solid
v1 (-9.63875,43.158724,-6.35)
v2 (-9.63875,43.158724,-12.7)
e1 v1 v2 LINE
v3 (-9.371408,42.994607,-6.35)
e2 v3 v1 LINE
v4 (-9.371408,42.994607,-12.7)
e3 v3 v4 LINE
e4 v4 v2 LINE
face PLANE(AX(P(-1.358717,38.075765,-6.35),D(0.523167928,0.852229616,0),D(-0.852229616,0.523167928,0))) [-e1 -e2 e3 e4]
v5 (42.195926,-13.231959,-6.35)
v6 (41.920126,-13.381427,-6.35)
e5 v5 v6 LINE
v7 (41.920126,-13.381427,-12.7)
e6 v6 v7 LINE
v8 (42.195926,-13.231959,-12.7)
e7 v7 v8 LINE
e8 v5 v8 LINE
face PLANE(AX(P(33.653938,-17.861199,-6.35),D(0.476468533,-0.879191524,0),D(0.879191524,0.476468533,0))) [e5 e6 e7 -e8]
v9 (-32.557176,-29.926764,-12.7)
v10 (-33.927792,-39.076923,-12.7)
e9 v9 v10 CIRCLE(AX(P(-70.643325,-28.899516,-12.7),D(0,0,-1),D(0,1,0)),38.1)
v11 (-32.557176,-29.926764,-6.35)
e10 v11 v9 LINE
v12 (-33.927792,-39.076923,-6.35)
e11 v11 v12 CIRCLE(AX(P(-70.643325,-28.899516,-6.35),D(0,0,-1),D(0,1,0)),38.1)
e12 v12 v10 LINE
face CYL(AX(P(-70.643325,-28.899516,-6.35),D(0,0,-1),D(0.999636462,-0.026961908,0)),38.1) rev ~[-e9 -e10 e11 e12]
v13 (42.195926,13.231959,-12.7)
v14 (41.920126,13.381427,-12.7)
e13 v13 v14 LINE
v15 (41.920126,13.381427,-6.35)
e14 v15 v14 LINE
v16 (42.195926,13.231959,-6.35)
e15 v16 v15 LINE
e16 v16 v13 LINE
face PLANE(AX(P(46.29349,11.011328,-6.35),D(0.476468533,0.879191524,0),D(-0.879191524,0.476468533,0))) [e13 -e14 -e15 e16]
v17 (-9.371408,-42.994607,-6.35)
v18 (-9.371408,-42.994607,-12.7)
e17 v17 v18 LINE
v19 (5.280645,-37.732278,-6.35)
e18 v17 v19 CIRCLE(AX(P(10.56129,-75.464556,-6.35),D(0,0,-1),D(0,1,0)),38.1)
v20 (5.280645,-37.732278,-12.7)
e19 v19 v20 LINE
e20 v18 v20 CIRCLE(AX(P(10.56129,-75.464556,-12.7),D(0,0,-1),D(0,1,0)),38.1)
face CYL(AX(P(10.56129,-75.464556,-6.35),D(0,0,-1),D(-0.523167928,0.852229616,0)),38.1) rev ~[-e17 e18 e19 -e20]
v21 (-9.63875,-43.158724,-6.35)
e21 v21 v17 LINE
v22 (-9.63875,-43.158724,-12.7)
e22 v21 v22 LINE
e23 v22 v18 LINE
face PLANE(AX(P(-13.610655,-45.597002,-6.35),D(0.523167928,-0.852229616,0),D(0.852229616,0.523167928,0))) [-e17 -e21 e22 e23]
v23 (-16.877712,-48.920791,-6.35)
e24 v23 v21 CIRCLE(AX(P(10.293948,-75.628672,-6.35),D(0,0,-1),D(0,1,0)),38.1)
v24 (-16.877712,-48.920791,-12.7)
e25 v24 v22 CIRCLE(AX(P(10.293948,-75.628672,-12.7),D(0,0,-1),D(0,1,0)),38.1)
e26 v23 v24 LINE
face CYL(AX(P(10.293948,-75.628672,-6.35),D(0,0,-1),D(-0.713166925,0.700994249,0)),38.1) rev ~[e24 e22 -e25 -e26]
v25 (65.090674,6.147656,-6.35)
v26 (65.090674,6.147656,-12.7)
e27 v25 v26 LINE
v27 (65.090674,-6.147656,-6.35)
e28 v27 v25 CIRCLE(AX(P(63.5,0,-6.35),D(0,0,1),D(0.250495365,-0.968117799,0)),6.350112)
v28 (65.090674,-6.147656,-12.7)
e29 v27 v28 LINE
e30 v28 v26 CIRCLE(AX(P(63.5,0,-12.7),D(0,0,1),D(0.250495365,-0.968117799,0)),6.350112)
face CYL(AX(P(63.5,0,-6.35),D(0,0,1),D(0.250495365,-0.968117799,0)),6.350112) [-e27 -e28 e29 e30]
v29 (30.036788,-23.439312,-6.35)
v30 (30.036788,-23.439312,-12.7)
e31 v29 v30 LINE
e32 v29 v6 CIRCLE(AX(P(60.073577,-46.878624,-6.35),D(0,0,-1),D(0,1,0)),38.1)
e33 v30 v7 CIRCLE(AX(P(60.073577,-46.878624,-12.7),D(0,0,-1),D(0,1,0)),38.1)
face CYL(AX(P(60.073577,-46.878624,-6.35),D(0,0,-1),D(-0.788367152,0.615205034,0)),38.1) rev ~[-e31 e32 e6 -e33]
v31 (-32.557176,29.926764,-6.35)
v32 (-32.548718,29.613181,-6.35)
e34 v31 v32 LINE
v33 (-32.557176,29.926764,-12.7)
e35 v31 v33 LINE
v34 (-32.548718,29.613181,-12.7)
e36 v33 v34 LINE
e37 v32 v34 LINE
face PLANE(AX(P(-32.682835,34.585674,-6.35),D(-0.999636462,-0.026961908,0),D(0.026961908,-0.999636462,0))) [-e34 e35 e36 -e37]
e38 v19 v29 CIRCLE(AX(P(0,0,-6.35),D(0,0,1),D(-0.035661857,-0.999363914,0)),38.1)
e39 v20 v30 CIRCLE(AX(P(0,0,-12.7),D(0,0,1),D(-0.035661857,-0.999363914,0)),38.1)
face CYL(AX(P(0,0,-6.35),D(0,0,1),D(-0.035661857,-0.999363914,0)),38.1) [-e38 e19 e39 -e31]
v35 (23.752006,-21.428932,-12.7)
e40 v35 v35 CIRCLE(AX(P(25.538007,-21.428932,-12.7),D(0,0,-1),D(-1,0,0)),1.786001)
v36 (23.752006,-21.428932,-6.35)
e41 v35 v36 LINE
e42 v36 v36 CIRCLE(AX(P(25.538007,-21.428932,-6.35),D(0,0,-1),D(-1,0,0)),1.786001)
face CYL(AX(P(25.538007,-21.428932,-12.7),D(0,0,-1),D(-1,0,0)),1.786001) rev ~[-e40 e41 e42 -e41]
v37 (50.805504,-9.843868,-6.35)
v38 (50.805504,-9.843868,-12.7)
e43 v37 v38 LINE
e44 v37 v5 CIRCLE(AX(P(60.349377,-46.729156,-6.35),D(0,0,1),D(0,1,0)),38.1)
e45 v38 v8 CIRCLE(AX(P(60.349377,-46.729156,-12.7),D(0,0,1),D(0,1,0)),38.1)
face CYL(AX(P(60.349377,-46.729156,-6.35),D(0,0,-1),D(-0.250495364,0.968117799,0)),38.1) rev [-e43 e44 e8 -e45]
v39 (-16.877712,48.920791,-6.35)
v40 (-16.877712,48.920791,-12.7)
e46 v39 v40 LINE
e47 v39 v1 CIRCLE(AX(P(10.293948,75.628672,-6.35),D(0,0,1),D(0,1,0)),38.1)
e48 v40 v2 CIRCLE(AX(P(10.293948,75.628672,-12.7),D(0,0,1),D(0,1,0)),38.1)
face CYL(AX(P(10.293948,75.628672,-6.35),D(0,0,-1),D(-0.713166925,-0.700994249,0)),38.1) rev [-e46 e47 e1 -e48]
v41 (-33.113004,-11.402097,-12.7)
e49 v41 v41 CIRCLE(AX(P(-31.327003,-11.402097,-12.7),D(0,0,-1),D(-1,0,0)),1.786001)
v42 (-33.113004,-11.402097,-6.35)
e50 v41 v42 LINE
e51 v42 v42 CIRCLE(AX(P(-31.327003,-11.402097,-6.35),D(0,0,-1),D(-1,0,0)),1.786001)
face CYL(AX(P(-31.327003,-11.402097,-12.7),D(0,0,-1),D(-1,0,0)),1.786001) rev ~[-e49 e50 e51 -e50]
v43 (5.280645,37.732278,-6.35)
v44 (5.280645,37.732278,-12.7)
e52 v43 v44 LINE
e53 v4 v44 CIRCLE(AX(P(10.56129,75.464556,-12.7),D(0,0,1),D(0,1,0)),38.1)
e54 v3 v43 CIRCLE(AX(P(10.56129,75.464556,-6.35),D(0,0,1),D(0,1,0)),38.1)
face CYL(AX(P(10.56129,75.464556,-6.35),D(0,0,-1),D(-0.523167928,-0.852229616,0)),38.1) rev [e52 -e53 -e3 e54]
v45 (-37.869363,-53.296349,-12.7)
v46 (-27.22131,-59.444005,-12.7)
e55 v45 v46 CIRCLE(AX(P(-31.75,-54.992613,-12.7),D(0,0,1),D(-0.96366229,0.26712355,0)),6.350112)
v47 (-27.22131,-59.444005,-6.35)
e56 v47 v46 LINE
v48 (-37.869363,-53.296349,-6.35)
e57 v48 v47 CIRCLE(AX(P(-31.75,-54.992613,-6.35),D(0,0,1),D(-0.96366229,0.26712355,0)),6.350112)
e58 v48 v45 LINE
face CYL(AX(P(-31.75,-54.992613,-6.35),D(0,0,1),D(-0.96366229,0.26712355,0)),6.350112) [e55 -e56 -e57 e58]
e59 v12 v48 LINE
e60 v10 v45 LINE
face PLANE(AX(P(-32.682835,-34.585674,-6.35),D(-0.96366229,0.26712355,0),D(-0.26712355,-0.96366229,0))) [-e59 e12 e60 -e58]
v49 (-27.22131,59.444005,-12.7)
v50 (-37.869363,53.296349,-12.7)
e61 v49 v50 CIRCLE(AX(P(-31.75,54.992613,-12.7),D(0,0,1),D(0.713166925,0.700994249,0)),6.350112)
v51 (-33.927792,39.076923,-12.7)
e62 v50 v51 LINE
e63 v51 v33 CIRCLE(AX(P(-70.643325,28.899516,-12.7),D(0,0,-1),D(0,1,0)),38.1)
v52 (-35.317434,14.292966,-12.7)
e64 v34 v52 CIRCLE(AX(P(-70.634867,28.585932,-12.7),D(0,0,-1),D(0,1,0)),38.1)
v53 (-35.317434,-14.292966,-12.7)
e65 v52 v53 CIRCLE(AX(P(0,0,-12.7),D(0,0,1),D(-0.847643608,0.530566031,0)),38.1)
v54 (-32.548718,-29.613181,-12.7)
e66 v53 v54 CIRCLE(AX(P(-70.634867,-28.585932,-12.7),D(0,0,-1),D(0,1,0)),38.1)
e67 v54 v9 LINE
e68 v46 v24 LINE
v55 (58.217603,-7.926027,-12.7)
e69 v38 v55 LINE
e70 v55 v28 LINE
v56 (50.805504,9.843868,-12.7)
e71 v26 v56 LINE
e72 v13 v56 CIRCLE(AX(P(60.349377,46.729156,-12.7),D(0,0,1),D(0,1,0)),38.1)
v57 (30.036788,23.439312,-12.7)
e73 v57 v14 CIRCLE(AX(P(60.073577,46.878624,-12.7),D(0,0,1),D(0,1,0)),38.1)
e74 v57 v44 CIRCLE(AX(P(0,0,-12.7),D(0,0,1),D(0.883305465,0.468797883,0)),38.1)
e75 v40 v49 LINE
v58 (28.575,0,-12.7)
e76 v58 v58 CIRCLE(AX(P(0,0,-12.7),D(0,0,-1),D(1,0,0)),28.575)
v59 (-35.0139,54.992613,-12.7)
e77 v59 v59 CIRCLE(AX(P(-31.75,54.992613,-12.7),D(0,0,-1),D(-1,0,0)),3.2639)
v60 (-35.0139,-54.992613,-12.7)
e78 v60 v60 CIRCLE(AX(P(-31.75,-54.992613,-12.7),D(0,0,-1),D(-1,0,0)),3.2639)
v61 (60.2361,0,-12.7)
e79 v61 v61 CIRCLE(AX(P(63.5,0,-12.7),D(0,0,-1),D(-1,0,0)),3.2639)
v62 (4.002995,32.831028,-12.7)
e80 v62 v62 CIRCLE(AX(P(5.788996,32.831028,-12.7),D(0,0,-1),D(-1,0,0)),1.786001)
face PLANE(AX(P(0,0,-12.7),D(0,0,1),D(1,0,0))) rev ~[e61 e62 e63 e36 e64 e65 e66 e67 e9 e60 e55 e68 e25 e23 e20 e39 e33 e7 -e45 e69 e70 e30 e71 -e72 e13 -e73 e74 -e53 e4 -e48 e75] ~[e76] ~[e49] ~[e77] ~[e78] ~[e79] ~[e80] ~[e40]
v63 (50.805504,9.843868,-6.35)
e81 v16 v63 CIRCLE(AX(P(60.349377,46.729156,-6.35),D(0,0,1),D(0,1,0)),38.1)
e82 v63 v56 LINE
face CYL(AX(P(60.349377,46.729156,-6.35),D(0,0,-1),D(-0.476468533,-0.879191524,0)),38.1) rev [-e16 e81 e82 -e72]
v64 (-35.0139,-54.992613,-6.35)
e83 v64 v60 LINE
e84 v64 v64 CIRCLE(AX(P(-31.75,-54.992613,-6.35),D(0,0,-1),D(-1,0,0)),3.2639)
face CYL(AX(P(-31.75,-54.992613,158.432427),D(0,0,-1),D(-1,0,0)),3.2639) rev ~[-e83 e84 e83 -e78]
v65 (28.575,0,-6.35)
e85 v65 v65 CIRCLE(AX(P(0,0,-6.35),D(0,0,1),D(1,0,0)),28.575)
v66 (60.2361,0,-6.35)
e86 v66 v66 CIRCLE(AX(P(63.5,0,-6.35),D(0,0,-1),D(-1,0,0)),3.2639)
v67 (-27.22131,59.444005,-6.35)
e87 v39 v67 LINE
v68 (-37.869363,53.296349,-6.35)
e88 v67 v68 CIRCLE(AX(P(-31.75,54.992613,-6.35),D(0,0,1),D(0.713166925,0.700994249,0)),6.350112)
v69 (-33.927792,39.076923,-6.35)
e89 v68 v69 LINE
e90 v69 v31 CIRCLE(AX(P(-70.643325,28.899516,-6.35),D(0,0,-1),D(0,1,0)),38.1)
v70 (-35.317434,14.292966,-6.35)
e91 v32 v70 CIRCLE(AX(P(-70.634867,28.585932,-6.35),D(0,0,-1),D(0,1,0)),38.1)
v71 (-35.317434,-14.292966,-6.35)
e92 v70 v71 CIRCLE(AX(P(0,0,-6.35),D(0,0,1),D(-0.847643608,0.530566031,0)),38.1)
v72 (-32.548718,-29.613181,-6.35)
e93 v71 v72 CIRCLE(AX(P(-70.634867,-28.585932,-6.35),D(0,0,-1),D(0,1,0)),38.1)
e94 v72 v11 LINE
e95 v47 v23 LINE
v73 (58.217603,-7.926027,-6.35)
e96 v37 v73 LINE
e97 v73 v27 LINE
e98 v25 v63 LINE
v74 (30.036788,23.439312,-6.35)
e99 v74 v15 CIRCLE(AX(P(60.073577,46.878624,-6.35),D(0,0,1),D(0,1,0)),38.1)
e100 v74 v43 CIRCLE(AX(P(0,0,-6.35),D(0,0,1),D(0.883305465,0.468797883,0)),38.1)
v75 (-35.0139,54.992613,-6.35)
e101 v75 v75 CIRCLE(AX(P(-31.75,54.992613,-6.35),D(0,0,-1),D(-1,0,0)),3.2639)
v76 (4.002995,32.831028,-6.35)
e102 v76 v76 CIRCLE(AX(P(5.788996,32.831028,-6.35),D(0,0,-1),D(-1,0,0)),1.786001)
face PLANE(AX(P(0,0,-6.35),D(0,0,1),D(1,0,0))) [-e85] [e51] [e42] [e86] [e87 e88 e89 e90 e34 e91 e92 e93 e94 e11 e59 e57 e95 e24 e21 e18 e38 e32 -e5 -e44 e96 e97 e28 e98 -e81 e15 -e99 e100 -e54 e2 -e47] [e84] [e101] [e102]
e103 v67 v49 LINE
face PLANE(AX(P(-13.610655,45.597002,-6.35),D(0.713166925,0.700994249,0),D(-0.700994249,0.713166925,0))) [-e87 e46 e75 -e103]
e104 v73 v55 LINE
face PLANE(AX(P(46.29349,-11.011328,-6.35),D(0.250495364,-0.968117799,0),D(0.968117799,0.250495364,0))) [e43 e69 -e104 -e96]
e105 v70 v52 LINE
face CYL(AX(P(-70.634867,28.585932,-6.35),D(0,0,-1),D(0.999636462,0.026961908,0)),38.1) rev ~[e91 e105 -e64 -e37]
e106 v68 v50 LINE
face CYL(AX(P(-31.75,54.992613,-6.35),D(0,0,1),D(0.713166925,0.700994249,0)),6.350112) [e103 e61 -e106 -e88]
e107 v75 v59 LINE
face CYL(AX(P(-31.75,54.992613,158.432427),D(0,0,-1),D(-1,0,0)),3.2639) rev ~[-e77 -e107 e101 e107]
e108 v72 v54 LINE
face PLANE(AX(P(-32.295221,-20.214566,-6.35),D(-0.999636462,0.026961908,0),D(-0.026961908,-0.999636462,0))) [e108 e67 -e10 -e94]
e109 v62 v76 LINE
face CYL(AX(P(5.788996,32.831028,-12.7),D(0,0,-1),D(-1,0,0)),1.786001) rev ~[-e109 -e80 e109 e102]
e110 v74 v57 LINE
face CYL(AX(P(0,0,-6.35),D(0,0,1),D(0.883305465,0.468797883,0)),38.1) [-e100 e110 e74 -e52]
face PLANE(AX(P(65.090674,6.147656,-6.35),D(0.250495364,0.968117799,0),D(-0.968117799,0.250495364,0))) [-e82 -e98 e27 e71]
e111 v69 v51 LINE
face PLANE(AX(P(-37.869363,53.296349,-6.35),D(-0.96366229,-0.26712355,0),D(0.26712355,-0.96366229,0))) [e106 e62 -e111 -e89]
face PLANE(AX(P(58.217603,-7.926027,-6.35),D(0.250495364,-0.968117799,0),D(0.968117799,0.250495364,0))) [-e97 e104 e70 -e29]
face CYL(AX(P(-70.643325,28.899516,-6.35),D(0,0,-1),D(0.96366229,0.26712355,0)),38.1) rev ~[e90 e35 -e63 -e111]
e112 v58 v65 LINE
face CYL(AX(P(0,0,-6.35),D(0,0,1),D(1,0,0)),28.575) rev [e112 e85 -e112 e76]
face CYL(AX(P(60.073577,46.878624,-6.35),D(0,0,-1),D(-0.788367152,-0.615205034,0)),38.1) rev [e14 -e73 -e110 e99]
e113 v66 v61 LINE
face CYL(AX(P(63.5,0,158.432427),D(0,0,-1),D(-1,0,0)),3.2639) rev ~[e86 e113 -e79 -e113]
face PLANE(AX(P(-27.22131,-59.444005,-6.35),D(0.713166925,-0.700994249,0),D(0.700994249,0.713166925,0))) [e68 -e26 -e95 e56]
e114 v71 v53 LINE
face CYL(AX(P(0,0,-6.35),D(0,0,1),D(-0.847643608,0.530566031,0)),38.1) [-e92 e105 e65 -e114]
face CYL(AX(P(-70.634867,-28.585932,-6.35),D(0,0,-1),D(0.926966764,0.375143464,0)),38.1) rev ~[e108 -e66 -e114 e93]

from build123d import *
from build123d.topology import SkipClean

# Parameters (mm, degrees)
BOSS_EXTRUDE1_DEPTH      = 6.35
BOSS_EXTRUDE1_DEPTH_BACK = 6.35
BOSS_EXTRUDE2_START      = -12.7
BOSS_EXTRUDE2_DEPTH      = 12.7
SKETCH4_R                = 28.575
CUT_EXTRUDE1_DEPTH       = 61.157662646
SKETCH5_R                = 28.575
BOSS_EXTRUDE3_DEPTH      = 6.35
F_0_257_DIAMETER_HOLE1_D = 6.5278
CUT_EXTRUDE2_DEPTH       = 94.825678832
CUT_EXTRUDE2_DEPTH_BACK  = 94.825678832
SKETCH8_W                = 12.7
SKETCH8_H                = 88.9
FILLET3_R                = 38.1
SKETCH10_R               = 1.786001
CUT_EXTRUDE4_DEPTH       = 94.17880933


with BuildPart() as part:
    # Sketch1 → Boss-Extrude1 (new, two sides: drawn at the far end of the back side and taken through both)
    with BuildSketch(Plane.XY.offset(-BOSS_EXTRUDE1_DEPTH_BACK)):
        with BuildLine():
            Line((27.49630657, 15.875), (38.494829198, 22.225))
            ThreePointArc((38.494829198, 22.225), (19.878280804, 29.537115412), (0, 31.75))
            Line((0, 31.75), (0, 44.45))
            ThreePointArc((0, 44.45), (-15.640751899, 31.983653865), (-27.49630657, 15.875))
            Line((-27.49630657, 15.875), (-38.494829198, 22.225))
            ThreePointArc((-38.494829198, 22.225), (-35.519032703, 2.446538454), (-27.49630657, -15.875))
            Line((-27.49630657, -15.875), (-38.494829198, -22.225))
            ThreePointArc((-38.494829198, -22.225), (-19.878280804, -29.537115412), (0, -31.75))
            Line((0, -31.75), (0, -44.45))
            ThreePointArc((0, -44.45), (15.640751899, -31.983653865), (27.49630657, -15.875))
            Line((27.49630657, -15.875), (38.494829198, -22.225))
            ThreePointArc((38.494829198, -22.225), (35.519032703, -2.446538454), (27.49630657, 15.875))
        make_face()
        with BuildLine():
            ThreePointArc((-11.129967969, 17.779280801), (-16.817028225, 8.924127912), (-20.962292819, -0.749194604))
            ThreePointArc((-20.962292819, -0.749194604), (-16.137035591, -10.101909703), (-9.83232485, -18.528475405))
            ThreePointArc((-9.83232485, -18.528475405), (0.679992634, -19.026037615), (11.129967969, -17.779280801))
            ThreePointArc((11.129967969, -17.779280801), (16.817028225, -8.924127912), (20.962292819, 0.749194604))
            ThreePointArc((20.962292819, 0.749194604), (16.137035591, 10.101909703), (9.83232485, 18.528475405))
            ThreePointArc((9.83232485, 18.528475405), (-0.679992634, 19.026037615), (-11.129967969, 17.779280801))
        make_face(mode=Mode.SUBTRACT)
    extrude(amount=BOSS_EXTRUDE1_DEPTH + BOSS_EXTRUDE1_DEPTH_BACK)

    # Sketch3 → Boss-Extrude2 (add)
    with BuildSketch(Plane.XY.offset(6.35).offset(BOSS_EXTRUDE2_START)):
        with BuildLine():
            ThreePointArc((-11.129967969, 17.779280801), (-16.817028225, 8.924127912), (-20.962292819, -0.749194604))
            ThreePointArc((-20.962292819, -0.749194604), (-16.137035591, -10.101909703), (-9.83232485, -18.528475405))
            ThreePointArc((-9.83232485, -18.528475405), (0.679992634, -19.026037615), (11.129967969, -17.779280801))
            ThreePointArc((11.129967969, -17.779280801), (16.817028225, -8.924127912), (20.962292819, 0.749194604))
            ThreePointArc((20.962292819, 0.749194604), (16.137035591, 10.101909703), (9.83232485, 18.528475405))
            ThreePointArc((9.83232485, 18.528475405), (-0.679992634, 19.026037615), (-11.129967969, 17.779280801))
        make_face()
    extrude(amount=BOSS_EXTRUDE2_DEPTH)

    # Sketch4 → Cut-Extrude1 (cut, through all)
    with BuildSketch(Plane.XY.offset(6.35)):
        Circle(SKETCH4_R)
    extrude(amount=-CUT_EXTRUDE1_DEPTH, mode=Mode.SUBTRACT)

    # Sketch5 → Boss-Extrude3 (add)
    with SkipClean():  # the faces are left unmerged after this step: merging them gives an invalid solid
        with BuildSketch(Plane(origin=(0, 0, -6.35), x_dir=(-1, 0, 0), z_dir=(0, 0, -1))):
            with BuildLine():
                Line((-46.293490064, -11.011328104), (-58.217602687, -7.926026976))
                Line((-58.217602687, -7.926026976), (-65.090673557, -6.147656209))
                ThreePointArc((-65.090673557, -6.147656209), (-69.850111749, 0), (-65.090673557, 6.147656209))
                Line((-65.090673557, 6.147656209), (-46.293490064, 11.011328104))
                Line((-46.293490064, 11.011328104), (-33.653938233, 17.861199328))
                ThreePointArc((-33.653938233, 17.861199328), (-19.05, 32.995567884), (1.358716756, 38.075765111))
                Line((1.358716756, 38.075765111), (13.610655164, 45.597002477))
                Line((13.610655164, 45.597002477), (27.221310328, 59.444004954))
                ThreePointArc((27.221310328, 59.444004954), (34.925055875, 60.491971232), (37.869363229, 53.296348745))
                Line((37.869363229, 53.296348745), (32.6828349, 34.585674373))
                Line((32.6828349, 34.585674373), (32.295221476, 20.214565783))
                ThreePointArc((32.295221476, 20.214565783), (38.1, 0), (32.295221476, -20.214565783))
                Line((32.295221476, -20.214565783), (32.6828349, -34.585674373))
                Line((32.6828349, -34.585674373), (37.869363229, -53.296348745))
                ThreePointArc((37.869363229, -53.296348745), (34.925055875, -60.491971232), (27.221310328, -59.444004954))
                Line((27.221310328, -59.444004954), (13.610655164, -45.597002477))
                Line((13.610655164, -45.597002477), (1.358716756, -38.075765111))
                ThreePointArc((1.358716756, -38.075765111), (-19.05, -32.995567884), (-33.653938233, -17.861199328))
                Line((-33.653938233, -17.861199328), (-46.293490064, -11.011328104))
            make_face()
            Circle(SKETCH5_R, mode=Mode.SUBTRACT)
        extrude(amount=BOSS_EXTRUDE3_DEPTH)

    # F (0.257) Diameter Hole1 (through all)
    with Locations(Plane.XY.offset(-6.35)):
        with Locations((-31.75, 54.99261314), (63.5, 0), (-31.75, -54.99261314), (0, 0)):
            Hole(F_0_257_DIAMETER_HOLE1_D / 2)

    # Sketch8 → Cut-Extrude2 (cut, two sides: drawn at the far end of the back side and taken through both)
    with BuildSketch(Plane(origin=(0, 0, 0), x_dir=(0, 0, -1), z_dir=(1, 0, 0)).offset(-CUT_EXTRUDE2_DEPTH_BACK)):
        Rectangle(SKETCH8_W, SKETCH8_H)
    extrude(amount=CUT_EXTRUDE2_DEPTH + CUT_EXTRUDE2_DEPTH_BACK, mode=Mode.SUBTRACT)

    # Fillet3
    fillet3_edges = [part.edges().sort_by_distance(p)[0] for p in [
        (-13.610655164, -45.597002477, -9.525),
        (-1.358716756, -38.075765111, -9.525),
        (33.653938233, -17.861199328, -9.525),
        (46.293490064, -11.011328104, -9.525),
        (46.293490064, 11.011328104, -9.525),
        (33.653938233, 17.861199328, -9.525),
        (-1.358716756, 38.075765111, -9.525),
        (-13.610655164, 45.597002477, -9.525),
        (-32.6828349, 34.585674373, -9.525),
        (-32.295221476, 20.214565783, -9.525),
        (-32.295221476, -20.214565783, -9.525),
        (-32.6828349, -34.585674373, -9.525),
    ]]
    fillet(fillet3_edges, radius=FILLET3_R)

    # Sketch10 → Cut-Extrude4 (cut, through all)
    with BuildSketch(Plane(origin=(0, 0, -12.7), x_dir=(-1, 0, 0), z_dir=(0, 0, -1))):
        with Locations((-5.788996123, 32.831028466)):
            Circle(SKETCH10_R)
        with Locations((31.327002745, -11.402096528)):
            Circle(SKETCH10_R)
        with Locations((-25.538006622, -21.428931938)):
            Circle(SKETCH10_R)
    extrude(amount=-CUT_EXTRUDE4_DEPTH, mode=Mode.SUBTRACT)


solid = part.part
